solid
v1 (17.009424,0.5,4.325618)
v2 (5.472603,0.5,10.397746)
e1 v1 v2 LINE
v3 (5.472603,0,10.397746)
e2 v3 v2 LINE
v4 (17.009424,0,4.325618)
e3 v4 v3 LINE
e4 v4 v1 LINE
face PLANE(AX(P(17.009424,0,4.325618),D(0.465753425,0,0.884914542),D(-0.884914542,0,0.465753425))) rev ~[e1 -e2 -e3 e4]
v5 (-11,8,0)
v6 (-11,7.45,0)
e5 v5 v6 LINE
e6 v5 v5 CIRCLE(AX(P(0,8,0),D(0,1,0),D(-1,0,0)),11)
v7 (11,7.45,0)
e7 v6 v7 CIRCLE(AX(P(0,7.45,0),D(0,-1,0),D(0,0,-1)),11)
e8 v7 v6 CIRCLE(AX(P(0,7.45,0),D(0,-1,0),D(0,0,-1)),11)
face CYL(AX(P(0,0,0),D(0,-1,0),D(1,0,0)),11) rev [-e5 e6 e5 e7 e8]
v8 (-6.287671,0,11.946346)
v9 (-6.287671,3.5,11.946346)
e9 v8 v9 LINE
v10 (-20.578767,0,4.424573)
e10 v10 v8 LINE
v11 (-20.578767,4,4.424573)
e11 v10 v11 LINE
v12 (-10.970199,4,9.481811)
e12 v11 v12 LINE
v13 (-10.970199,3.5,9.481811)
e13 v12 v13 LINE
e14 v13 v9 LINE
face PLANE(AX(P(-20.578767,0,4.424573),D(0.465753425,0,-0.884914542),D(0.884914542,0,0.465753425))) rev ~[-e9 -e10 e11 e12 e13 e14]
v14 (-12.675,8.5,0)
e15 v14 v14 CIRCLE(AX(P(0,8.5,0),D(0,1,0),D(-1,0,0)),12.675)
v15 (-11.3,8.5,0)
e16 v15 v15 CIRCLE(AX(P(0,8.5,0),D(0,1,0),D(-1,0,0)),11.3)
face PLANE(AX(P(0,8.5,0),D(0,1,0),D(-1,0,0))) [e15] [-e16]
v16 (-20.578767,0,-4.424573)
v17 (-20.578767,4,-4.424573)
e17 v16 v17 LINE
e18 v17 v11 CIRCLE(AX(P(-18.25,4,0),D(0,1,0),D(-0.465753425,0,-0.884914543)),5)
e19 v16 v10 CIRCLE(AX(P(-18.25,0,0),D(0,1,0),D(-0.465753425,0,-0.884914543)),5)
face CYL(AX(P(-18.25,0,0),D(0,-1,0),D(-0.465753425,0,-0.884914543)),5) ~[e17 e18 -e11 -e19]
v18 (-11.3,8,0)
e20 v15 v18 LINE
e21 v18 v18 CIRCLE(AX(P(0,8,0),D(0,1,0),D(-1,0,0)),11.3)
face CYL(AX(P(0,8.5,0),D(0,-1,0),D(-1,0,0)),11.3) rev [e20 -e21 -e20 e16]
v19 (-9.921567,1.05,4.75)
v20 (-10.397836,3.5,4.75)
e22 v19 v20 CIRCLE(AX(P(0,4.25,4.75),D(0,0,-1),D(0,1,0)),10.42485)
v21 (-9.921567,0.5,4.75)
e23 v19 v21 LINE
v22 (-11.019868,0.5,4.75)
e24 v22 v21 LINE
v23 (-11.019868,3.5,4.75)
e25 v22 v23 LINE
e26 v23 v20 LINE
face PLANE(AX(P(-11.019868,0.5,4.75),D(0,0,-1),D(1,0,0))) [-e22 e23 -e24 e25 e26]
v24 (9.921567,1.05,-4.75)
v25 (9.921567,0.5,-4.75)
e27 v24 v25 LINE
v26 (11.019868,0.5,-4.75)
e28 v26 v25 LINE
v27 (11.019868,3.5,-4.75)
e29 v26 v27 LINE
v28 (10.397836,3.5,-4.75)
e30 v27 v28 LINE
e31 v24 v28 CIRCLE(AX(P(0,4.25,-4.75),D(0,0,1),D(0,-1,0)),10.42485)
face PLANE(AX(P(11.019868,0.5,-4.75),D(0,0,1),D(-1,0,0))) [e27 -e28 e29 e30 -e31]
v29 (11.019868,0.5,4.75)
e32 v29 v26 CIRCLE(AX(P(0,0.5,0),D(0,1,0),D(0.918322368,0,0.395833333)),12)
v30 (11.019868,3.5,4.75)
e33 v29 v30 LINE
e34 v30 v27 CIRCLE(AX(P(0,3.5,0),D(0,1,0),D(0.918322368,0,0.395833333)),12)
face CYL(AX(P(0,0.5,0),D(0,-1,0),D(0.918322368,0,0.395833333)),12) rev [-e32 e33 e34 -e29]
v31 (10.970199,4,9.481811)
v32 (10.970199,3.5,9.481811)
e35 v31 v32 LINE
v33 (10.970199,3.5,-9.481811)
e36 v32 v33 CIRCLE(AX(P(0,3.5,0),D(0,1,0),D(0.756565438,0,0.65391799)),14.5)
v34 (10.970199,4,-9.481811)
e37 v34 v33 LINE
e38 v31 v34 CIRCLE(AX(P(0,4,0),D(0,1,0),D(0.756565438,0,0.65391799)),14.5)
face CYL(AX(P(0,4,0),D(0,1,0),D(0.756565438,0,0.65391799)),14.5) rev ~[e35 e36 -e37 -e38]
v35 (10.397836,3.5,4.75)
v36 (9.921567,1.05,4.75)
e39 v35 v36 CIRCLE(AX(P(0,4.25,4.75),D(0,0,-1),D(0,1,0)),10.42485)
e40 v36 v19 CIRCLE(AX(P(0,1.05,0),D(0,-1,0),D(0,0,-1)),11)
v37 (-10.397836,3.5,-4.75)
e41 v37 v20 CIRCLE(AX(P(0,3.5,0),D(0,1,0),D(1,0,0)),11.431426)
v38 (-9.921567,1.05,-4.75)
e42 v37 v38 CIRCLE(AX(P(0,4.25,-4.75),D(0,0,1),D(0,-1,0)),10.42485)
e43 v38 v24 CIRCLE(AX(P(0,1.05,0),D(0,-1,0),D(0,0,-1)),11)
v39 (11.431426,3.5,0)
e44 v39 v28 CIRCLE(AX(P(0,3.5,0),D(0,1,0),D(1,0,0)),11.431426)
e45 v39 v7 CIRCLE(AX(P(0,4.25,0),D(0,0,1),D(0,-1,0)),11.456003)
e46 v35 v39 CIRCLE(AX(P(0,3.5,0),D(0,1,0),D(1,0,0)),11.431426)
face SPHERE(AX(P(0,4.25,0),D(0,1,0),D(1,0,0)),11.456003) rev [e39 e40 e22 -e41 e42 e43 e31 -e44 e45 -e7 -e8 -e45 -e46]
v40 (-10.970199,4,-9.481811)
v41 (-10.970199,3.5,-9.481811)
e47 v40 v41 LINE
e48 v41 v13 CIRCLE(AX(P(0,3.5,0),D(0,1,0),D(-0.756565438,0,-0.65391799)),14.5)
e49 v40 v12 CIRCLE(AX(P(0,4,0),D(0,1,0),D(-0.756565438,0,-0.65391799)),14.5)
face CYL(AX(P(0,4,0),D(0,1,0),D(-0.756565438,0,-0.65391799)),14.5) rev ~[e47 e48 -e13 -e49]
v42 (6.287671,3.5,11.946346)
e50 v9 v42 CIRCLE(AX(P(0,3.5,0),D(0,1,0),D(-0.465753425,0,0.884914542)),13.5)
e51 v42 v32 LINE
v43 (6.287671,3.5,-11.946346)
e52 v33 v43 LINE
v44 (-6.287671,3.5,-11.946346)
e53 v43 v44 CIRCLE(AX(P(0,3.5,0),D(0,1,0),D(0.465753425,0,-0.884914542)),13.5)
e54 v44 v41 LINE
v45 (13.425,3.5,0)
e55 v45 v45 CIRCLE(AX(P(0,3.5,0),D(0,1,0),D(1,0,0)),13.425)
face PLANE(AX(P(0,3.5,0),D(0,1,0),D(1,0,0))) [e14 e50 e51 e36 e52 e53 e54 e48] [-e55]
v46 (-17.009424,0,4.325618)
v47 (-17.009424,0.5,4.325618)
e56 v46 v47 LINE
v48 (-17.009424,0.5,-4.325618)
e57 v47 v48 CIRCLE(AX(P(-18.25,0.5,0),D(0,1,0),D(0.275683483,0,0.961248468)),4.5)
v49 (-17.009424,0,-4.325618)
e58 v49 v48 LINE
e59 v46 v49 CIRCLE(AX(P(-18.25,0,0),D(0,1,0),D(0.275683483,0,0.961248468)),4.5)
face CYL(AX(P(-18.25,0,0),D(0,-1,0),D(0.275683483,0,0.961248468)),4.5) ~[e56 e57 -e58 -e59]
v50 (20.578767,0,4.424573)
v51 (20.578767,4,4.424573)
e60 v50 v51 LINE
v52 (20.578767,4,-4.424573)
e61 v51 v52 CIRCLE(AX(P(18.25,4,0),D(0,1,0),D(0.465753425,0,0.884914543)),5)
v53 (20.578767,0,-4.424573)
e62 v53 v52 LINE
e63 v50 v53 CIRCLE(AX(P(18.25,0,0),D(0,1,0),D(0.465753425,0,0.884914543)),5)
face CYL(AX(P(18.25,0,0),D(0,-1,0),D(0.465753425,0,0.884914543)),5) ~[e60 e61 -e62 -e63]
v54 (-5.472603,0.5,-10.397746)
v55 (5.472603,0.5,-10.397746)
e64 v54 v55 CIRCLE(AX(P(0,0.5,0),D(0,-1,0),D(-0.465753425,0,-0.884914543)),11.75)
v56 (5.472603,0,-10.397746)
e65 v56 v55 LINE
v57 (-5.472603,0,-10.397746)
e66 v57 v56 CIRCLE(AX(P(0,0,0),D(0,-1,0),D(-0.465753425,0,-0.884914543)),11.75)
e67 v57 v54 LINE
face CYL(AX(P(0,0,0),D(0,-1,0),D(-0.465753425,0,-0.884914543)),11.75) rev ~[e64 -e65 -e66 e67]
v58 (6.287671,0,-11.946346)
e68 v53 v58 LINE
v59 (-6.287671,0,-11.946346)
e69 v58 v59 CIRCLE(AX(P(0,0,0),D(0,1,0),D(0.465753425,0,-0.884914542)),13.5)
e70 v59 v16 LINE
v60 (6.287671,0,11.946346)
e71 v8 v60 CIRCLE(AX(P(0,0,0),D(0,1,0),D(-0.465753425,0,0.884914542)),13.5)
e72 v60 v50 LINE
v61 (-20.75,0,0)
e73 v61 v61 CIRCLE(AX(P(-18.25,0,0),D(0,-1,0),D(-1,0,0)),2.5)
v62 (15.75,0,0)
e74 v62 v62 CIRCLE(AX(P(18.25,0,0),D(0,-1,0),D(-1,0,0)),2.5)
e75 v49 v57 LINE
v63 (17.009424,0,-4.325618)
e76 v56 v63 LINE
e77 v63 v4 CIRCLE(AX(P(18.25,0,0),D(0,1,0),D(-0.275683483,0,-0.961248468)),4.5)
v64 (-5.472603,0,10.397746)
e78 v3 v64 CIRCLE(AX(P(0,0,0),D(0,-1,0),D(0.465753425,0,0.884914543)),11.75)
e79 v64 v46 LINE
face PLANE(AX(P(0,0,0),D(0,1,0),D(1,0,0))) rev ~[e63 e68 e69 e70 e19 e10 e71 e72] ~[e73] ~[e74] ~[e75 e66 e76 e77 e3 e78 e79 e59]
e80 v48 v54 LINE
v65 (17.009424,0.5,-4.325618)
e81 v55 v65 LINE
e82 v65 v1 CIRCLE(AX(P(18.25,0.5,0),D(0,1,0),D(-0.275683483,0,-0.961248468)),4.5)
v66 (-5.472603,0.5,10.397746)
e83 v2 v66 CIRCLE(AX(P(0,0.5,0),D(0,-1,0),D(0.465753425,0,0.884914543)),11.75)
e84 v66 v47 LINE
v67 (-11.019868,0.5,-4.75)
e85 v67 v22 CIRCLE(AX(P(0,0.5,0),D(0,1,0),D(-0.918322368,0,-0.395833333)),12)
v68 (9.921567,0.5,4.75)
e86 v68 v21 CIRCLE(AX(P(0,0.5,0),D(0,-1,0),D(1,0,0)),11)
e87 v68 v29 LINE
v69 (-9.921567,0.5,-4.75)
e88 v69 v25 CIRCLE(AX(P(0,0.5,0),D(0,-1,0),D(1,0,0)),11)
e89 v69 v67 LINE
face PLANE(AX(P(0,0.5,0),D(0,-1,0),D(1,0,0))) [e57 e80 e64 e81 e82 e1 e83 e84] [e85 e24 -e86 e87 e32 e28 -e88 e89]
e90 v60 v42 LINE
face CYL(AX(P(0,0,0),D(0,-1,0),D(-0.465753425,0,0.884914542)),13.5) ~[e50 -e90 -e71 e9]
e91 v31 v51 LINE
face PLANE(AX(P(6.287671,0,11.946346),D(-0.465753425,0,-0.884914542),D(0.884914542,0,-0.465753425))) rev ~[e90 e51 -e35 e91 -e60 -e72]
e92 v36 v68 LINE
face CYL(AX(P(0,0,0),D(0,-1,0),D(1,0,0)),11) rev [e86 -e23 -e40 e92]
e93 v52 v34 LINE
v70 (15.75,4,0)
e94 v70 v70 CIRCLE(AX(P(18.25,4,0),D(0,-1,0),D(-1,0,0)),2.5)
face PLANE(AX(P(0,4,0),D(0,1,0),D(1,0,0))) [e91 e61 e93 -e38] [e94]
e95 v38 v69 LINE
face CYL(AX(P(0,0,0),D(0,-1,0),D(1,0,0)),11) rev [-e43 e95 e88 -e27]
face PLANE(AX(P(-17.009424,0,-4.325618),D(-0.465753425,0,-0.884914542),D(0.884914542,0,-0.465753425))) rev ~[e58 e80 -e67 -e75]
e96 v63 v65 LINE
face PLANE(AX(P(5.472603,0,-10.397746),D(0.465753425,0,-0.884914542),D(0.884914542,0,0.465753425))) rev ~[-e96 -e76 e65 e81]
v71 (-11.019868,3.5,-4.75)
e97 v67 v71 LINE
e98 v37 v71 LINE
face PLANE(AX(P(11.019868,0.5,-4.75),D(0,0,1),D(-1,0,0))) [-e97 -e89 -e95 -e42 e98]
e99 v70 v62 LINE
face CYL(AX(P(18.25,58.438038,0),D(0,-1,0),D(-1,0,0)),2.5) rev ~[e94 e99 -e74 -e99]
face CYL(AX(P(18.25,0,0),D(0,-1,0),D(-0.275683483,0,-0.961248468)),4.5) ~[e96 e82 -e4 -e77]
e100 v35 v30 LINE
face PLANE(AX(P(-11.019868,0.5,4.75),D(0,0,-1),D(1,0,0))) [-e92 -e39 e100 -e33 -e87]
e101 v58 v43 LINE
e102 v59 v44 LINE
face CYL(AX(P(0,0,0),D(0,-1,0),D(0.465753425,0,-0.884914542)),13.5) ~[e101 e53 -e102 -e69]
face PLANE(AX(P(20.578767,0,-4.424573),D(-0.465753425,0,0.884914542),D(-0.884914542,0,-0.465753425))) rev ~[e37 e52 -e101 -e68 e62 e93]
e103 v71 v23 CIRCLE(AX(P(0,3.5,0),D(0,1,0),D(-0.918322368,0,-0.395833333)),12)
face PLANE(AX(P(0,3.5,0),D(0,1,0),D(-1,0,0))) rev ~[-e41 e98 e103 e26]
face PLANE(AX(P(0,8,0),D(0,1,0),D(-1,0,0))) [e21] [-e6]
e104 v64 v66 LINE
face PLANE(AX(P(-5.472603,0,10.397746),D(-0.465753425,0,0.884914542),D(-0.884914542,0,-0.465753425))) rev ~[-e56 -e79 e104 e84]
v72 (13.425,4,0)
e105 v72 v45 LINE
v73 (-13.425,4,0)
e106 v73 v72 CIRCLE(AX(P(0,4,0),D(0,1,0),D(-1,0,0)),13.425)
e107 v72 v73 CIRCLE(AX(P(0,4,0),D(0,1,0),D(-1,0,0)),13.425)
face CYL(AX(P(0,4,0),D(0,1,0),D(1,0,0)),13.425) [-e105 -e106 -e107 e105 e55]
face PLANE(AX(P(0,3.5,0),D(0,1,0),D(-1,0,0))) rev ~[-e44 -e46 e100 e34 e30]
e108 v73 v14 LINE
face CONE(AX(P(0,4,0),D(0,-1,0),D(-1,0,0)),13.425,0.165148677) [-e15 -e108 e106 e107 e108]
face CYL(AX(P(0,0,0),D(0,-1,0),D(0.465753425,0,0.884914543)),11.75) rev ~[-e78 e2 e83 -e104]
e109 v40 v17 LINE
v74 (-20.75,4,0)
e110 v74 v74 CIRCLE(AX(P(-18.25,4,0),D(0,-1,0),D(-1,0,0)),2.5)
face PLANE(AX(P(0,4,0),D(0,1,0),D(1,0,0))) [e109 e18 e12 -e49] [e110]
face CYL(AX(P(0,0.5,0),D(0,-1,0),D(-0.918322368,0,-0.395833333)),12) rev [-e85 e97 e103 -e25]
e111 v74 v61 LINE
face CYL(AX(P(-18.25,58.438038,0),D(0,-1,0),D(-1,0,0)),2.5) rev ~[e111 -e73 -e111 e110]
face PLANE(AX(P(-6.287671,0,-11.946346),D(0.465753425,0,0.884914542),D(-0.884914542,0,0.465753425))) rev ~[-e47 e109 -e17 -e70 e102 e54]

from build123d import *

# Parameters (mm, degrees)
SKETCH1_R              = 11
FLANGE_DEPTH           = 4
TOP_START              = -0.5
SKETCH3_R              = 13.425
TOP_RECESS_DEPTH       = 0.5
BOTTOM_RECESS_1_DEPTH  = 0.5
BOTTOM_RECESS_2_DEPTH  = 3
MOUNTING_HOLE_M5X0_8_D = 5


with BuildPart() as part:
    # Sketch1 → Flange (new body)
    with BuildSketch(Plane(origin=(0, 0, 0), x_dir=(1, 0, 0), z_dir=(0, 1, 0))):
        with BuildLine():
            Line((20.578767123, 4.424572712), (6.287671233, 11.946346323))
            ThreePointArc((6.287671233, 11.946346323), (0, 13.5), (-6.287671233, 11.946346323))
            Line((-6.287671233, 11.946346323), (-20.578767123, 4.424572712))
            ThreePointArc((-20.578767123, 4.424572712), (-23.25, 0), (-20.578767123, -4.424572712))
            Line((-20.578767123, -4.424572712), (-6.287671233, -11.946346323))
            ThreePointArc((-6.287671233, -11.946346323), (0, -13.5), (6.287671233, -11.946346323))
            Line((6.287671233, -11.946346323), (20.578767123, -4.424572712))
            ThreePointArc((20.578767123, -4.424572712), (23.25, 0), (20.578767123, 4.424572712))
        make_face()
        Circle(SKETCH1_R, mode=Mode.SUBTRACT)
    extrude(amount=FLANGE_DEPTH)

    # Sketch2 → Bearing Seat (revolve)
    with BuildSketch(Plane.XY):
        Polygon((-13.425, 4), (-12.675, 8.5), (-11.3, 8.5), (-11.3, 8), (-11, 8), (-11, 4), align=None)
    revolve(axis=Axis((0, 0, 0), (0, 1, 0)))

    # Sketch3 → Top Recess (cut)
    with BuildSketch(Plane(origin=(0, 4, 0), x_dir=(1, 0, 0), z_dir=(0, 1, 0)).offset(TOP_START)):
        with BuildLine():
            Line((10.970198855, 9.481810855), (6.287671233, 11.946346323))
            ThreePointArc((6.287671233, 11.946346323), (0, 13.5), (-6.287671233, 11.946346323))
            Line((-6.287671233, 11.946346323), (-10.970198855, 9.481810855))
            ThreePointArc((-10.970198855, 9.481810855), (-14.5, 0), (-10.970198855, -9.481810855))
            Line((-10.970198855, -9.481810855), (-6.287671233, -11.946346323))
            ThreePointArc((-6.287671233, -11.946346323), (0, -13.5), (6.287671233, -11.946346323))
            Line((6.287671233, -11.946346323), (10.970198855, -9.481810855))
            ThreePointArc((10.970198855, -9.481810855), (14.5, 0), (10.970198855, 9.481810855))
        make_face()
        Circle(SKETCH3_R, mode=Mode.SUBTRACT)
    extrude(amount=TOP_RECESS_DEPTH, mode=Mode.SUBTRACT)

    # Sketch5 → Bottom Recess 1 (cut)
    with BuildSketch(Plane.XZ):
        with BuildLine():
            Line((17.009424329, 4.325618107), (5.47260274, 10.397745874))
            ThreePointArc((5.47260274, 10.397745874), (0, 11.75), (-5.47260274, 10.397745874))
            Line((-5.47260274, 10.397745874), (-17.009424329, 4.325618107))
            ThreePointArc((-17.009424329, 4.325618107), (-13.75, 0), (-17.009424329, -4.325618107))
            Line((-17.009424329, -4.325618107), (-5.47260274, -10.397745874))
            ThreePointArc((-5.47260274, -10.397745874), (0, -11.75), (5.47260274, -10.397745874))
            Line((5.47260274, -10.397745874), (17.009424329, -4.325618107))
            ThreePointArc((17.009424329, -4.325618107), (13.75, 0), (17.009424329, 4.325618107))
        make_face()
    extrude(amount=-BOTTOM_RECESS_1_DEPTH, mode=Mode.SUBTRACT)

    # Sketch6 → Bottom Recess 2 (cut)
    with BuildSketch(Plane.XZ.offset(-0.5)):
        with BuildLine():
            Line((-11.01986842, 4.75), (11.01986842, 4.75))
            ThreePointArc((11.01986842, 4.75), (12, 0), (11.01986842, -4.75))
            Line((11.01986842, -4.75), (-11.01986842, -4.75))
            ThreePointArc((-11.01986842, -4.75), (-12, 0), (-11.01986842, 4.75))
        make_face()
    extrude(amount=-BOTTOM_RECESS_2_DEPTH, mode=Mode.SUBTRACT)

    # Mounting Hole (M5x0.8) (through all)
    with Locations(Plane(origin=(0, 4, 0), x_dir=(1, 0, 0), z_dir=(0, 1, 0))):
        with Locations((18.25, 0), (-18.25, 0)):
            Hole(MOUNTING_HOLE_M5X0_8_D / 2)

    # Sketch11 → Cut-Revolve1 (revolve, cut)
    with BuildSketch(Plane.XY):
        with BuildLine():
            Line((0, 15.70600279), (0, -7.20600279))
            ThreePointArc((0, -7.20600279), (11.45600279, 4.25), (0, 15.70600279))
        make_face()
    revolve(axis=Axis((0, 8.5, 0), (0, -1, 0)), mode=Mode.SUBTRACT)


solid = part.part
